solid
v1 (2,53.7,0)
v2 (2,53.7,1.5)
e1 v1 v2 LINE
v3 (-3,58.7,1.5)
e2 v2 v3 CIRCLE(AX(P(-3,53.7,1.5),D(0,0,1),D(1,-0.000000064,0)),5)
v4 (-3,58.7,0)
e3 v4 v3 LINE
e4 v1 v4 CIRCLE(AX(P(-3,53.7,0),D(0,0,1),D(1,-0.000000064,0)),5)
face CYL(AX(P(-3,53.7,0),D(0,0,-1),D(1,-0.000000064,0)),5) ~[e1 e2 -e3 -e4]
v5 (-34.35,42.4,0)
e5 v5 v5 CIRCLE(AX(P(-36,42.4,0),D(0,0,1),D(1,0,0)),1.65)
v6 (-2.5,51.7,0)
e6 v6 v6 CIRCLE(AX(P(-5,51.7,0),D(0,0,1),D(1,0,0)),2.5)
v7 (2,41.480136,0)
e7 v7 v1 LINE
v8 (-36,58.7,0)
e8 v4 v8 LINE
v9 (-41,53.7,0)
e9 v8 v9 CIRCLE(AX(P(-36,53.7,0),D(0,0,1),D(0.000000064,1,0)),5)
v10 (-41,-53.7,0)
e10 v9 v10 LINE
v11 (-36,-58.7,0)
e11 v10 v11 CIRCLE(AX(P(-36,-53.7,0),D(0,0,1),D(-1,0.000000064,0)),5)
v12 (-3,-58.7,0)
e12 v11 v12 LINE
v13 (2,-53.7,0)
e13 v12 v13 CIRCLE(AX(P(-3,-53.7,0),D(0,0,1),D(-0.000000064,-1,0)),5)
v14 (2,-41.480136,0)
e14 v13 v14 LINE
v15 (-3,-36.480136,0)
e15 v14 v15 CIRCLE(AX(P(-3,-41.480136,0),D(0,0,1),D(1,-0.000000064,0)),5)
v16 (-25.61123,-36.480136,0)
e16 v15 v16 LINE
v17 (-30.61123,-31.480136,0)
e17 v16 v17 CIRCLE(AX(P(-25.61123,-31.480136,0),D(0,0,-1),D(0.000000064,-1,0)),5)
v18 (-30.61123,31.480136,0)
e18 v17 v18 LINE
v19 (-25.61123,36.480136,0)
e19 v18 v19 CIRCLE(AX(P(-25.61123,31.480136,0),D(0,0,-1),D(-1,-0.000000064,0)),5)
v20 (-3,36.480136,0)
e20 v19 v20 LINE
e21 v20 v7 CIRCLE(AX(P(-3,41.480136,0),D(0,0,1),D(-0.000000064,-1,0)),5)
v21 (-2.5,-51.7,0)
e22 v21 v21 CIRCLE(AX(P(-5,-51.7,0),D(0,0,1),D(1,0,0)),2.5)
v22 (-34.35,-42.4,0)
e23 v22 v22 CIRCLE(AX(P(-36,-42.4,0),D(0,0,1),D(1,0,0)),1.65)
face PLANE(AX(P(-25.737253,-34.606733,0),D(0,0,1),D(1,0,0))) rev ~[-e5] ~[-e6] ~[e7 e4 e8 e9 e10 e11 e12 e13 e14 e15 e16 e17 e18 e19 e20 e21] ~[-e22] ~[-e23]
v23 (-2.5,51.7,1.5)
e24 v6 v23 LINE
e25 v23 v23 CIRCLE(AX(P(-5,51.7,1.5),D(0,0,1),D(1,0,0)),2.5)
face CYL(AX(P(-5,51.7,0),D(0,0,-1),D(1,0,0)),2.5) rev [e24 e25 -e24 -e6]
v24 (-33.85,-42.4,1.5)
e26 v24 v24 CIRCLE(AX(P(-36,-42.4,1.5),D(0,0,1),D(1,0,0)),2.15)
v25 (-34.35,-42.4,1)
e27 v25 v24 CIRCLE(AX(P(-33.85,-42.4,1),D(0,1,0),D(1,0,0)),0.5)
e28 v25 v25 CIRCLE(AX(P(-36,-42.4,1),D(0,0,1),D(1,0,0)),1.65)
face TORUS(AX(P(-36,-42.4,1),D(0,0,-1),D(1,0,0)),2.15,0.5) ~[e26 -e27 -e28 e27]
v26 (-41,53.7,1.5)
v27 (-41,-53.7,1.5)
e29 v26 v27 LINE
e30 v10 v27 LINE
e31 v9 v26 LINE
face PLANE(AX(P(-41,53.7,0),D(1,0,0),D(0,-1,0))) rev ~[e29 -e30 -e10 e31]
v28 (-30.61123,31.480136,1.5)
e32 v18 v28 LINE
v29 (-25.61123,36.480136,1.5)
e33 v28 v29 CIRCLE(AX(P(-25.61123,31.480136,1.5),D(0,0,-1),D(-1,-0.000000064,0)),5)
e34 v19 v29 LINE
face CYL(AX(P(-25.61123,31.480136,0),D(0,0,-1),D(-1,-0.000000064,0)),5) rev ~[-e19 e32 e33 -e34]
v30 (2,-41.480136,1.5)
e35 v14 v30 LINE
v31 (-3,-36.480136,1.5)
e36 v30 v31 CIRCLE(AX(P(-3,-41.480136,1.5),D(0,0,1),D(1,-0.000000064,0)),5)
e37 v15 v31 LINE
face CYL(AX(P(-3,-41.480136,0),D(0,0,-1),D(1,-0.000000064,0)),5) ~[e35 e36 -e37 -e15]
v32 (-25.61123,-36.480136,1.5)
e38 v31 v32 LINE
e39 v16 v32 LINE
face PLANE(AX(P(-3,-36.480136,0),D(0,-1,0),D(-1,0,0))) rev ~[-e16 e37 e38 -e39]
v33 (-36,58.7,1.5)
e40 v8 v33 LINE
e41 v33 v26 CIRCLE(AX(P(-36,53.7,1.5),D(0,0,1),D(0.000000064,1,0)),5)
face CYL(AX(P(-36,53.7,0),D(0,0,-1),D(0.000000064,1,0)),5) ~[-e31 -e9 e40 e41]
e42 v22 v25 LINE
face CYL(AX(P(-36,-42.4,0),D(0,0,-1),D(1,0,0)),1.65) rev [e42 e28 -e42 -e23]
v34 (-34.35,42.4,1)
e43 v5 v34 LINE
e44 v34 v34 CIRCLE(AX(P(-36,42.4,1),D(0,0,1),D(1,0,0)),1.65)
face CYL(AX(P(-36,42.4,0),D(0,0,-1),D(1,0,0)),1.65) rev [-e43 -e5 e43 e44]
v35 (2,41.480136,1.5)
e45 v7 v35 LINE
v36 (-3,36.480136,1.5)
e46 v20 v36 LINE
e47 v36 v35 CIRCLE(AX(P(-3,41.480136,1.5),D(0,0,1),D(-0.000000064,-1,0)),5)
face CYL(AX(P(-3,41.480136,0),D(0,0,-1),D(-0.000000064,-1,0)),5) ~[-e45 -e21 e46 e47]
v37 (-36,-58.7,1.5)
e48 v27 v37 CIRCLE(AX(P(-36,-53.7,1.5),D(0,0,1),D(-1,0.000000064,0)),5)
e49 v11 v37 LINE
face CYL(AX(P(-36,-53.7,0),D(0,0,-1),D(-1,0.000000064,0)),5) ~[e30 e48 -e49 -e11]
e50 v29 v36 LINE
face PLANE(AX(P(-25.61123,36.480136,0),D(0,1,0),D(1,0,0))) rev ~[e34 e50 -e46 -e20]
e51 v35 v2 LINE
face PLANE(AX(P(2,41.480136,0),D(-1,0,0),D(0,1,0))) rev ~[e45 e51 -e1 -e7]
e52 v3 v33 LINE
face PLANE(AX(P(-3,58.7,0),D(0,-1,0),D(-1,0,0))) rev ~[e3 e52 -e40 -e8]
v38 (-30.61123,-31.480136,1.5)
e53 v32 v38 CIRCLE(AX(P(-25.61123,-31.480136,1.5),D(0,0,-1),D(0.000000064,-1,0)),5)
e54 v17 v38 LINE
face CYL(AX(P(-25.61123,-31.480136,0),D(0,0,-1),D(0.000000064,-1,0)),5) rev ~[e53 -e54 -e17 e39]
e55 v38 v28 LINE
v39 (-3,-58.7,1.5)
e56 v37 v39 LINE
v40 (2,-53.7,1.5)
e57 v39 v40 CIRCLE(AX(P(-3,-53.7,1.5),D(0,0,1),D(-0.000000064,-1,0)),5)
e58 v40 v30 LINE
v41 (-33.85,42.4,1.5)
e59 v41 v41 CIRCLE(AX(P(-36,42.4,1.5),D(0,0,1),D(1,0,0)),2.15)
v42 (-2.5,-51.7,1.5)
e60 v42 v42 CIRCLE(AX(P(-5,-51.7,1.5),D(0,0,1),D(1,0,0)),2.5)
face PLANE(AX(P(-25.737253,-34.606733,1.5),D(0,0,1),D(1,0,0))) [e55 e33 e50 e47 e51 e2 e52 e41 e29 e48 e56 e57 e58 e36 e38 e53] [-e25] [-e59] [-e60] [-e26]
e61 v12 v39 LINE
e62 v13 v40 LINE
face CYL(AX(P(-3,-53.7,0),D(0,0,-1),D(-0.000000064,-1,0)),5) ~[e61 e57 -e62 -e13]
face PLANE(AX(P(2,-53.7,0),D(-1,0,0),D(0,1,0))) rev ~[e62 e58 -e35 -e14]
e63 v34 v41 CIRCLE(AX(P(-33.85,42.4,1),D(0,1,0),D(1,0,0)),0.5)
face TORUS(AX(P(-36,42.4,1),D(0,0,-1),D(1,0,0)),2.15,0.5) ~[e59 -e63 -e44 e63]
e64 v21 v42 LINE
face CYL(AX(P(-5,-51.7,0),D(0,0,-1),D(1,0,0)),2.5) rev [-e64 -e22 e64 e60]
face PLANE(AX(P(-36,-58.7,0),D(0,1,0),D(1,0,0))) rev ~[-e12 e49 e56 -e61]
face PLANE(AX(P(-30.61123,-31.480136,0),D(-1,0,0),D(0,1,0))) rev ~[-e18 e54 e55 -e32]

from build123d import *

# Parameters (mm, degrees)
F0_R     = 1.65
F0_R_2   = 2.5
F1_DEPTH = 1.5
F2_R     = 0.5


with BuildPart() as f1:
    # F0 (on Top) → F1 (new body)
    with BuildSketch(Plane.XY):
        with BuildLine():
            Line((-30.61123, -31.480136), (-30.61123, 0))
            Line((-30.61123, 0), (-41, 0))
            Line((-41, 0), (-41, -53.7))
            ThreePointArc((-41, -53.7), (-39.535534, -57.235534), (-36, -58.7))
            Line((-36, -58.7), (-3, -58.7))
            ThreePointArc((-3, -58.7), (0.535534, -57.235534), (2, -53.7))
            Line((2, -53.7), (2, -41.480136))
            ThreePointArc((2, -41.480136), (0.535534, -37.944602), (-3, -36.480136))
            Line((-3, -36.480136), (-25.61123, -36.480136))
            ThreePointArc((-25.61123, -36.480136), (-29.146764, -35.01567), (-30.61123, -31.480136))
        make_face()
        with Locations((-36, -42.4)):
            Circle(F0_R, mode=Mode.SUBTRACT)
        with Locations((-5, -51.7)):
            Circle(F0_R_2, mode=Mode.SUBTRACT)
        with BuildLine():
            Line((-41, 0), (-30.61123, 0))
            Line((-30.61123, 0), (-30.61123, 31.480136))
            ThreePointArc((-30.61123, 31.480136), (-29.146764, 35.01567), (-25.61123, 36.480136))
            Line((-25.61123, 36.480136), (-3, 36.480136))
            ThreePointArc((-3, 36.480136), (0.535534, 37.944602), (2, 41.480136))
            Line((2, 41.480136), (2, 53.7))
            ThreePointArc((2, 53.7), (0.535534, 57.235534), (-3, 58.7))
            Line((-3, 58.7), (-36, 58.7))
            ThreePointArc((-36, 58.7), (-39.535534, 57.235534), (-41, 53.7))
            Line((-41, 53.7), (-41, 0))
        make_face()
        with Locations((-36, 42.4)):
            Circle(F0_R, mode=Mode.SUBTRACT)
        with Locations((-5, 51.7)):
            Circle(F0_R_2, mode=Mode.SUBTRACT)
    extrude(amount=F1_DEPTH)

    # F2
    f2_edges = [f1.edges().sort_by_distance(p)[0] for p in [
        (-37.65, 42.4, 1.5),
        (-37.65, -42.4, 1.5),
    ]]
    fillet(f2_edges, radius=F2_R)


solid = f1.part
